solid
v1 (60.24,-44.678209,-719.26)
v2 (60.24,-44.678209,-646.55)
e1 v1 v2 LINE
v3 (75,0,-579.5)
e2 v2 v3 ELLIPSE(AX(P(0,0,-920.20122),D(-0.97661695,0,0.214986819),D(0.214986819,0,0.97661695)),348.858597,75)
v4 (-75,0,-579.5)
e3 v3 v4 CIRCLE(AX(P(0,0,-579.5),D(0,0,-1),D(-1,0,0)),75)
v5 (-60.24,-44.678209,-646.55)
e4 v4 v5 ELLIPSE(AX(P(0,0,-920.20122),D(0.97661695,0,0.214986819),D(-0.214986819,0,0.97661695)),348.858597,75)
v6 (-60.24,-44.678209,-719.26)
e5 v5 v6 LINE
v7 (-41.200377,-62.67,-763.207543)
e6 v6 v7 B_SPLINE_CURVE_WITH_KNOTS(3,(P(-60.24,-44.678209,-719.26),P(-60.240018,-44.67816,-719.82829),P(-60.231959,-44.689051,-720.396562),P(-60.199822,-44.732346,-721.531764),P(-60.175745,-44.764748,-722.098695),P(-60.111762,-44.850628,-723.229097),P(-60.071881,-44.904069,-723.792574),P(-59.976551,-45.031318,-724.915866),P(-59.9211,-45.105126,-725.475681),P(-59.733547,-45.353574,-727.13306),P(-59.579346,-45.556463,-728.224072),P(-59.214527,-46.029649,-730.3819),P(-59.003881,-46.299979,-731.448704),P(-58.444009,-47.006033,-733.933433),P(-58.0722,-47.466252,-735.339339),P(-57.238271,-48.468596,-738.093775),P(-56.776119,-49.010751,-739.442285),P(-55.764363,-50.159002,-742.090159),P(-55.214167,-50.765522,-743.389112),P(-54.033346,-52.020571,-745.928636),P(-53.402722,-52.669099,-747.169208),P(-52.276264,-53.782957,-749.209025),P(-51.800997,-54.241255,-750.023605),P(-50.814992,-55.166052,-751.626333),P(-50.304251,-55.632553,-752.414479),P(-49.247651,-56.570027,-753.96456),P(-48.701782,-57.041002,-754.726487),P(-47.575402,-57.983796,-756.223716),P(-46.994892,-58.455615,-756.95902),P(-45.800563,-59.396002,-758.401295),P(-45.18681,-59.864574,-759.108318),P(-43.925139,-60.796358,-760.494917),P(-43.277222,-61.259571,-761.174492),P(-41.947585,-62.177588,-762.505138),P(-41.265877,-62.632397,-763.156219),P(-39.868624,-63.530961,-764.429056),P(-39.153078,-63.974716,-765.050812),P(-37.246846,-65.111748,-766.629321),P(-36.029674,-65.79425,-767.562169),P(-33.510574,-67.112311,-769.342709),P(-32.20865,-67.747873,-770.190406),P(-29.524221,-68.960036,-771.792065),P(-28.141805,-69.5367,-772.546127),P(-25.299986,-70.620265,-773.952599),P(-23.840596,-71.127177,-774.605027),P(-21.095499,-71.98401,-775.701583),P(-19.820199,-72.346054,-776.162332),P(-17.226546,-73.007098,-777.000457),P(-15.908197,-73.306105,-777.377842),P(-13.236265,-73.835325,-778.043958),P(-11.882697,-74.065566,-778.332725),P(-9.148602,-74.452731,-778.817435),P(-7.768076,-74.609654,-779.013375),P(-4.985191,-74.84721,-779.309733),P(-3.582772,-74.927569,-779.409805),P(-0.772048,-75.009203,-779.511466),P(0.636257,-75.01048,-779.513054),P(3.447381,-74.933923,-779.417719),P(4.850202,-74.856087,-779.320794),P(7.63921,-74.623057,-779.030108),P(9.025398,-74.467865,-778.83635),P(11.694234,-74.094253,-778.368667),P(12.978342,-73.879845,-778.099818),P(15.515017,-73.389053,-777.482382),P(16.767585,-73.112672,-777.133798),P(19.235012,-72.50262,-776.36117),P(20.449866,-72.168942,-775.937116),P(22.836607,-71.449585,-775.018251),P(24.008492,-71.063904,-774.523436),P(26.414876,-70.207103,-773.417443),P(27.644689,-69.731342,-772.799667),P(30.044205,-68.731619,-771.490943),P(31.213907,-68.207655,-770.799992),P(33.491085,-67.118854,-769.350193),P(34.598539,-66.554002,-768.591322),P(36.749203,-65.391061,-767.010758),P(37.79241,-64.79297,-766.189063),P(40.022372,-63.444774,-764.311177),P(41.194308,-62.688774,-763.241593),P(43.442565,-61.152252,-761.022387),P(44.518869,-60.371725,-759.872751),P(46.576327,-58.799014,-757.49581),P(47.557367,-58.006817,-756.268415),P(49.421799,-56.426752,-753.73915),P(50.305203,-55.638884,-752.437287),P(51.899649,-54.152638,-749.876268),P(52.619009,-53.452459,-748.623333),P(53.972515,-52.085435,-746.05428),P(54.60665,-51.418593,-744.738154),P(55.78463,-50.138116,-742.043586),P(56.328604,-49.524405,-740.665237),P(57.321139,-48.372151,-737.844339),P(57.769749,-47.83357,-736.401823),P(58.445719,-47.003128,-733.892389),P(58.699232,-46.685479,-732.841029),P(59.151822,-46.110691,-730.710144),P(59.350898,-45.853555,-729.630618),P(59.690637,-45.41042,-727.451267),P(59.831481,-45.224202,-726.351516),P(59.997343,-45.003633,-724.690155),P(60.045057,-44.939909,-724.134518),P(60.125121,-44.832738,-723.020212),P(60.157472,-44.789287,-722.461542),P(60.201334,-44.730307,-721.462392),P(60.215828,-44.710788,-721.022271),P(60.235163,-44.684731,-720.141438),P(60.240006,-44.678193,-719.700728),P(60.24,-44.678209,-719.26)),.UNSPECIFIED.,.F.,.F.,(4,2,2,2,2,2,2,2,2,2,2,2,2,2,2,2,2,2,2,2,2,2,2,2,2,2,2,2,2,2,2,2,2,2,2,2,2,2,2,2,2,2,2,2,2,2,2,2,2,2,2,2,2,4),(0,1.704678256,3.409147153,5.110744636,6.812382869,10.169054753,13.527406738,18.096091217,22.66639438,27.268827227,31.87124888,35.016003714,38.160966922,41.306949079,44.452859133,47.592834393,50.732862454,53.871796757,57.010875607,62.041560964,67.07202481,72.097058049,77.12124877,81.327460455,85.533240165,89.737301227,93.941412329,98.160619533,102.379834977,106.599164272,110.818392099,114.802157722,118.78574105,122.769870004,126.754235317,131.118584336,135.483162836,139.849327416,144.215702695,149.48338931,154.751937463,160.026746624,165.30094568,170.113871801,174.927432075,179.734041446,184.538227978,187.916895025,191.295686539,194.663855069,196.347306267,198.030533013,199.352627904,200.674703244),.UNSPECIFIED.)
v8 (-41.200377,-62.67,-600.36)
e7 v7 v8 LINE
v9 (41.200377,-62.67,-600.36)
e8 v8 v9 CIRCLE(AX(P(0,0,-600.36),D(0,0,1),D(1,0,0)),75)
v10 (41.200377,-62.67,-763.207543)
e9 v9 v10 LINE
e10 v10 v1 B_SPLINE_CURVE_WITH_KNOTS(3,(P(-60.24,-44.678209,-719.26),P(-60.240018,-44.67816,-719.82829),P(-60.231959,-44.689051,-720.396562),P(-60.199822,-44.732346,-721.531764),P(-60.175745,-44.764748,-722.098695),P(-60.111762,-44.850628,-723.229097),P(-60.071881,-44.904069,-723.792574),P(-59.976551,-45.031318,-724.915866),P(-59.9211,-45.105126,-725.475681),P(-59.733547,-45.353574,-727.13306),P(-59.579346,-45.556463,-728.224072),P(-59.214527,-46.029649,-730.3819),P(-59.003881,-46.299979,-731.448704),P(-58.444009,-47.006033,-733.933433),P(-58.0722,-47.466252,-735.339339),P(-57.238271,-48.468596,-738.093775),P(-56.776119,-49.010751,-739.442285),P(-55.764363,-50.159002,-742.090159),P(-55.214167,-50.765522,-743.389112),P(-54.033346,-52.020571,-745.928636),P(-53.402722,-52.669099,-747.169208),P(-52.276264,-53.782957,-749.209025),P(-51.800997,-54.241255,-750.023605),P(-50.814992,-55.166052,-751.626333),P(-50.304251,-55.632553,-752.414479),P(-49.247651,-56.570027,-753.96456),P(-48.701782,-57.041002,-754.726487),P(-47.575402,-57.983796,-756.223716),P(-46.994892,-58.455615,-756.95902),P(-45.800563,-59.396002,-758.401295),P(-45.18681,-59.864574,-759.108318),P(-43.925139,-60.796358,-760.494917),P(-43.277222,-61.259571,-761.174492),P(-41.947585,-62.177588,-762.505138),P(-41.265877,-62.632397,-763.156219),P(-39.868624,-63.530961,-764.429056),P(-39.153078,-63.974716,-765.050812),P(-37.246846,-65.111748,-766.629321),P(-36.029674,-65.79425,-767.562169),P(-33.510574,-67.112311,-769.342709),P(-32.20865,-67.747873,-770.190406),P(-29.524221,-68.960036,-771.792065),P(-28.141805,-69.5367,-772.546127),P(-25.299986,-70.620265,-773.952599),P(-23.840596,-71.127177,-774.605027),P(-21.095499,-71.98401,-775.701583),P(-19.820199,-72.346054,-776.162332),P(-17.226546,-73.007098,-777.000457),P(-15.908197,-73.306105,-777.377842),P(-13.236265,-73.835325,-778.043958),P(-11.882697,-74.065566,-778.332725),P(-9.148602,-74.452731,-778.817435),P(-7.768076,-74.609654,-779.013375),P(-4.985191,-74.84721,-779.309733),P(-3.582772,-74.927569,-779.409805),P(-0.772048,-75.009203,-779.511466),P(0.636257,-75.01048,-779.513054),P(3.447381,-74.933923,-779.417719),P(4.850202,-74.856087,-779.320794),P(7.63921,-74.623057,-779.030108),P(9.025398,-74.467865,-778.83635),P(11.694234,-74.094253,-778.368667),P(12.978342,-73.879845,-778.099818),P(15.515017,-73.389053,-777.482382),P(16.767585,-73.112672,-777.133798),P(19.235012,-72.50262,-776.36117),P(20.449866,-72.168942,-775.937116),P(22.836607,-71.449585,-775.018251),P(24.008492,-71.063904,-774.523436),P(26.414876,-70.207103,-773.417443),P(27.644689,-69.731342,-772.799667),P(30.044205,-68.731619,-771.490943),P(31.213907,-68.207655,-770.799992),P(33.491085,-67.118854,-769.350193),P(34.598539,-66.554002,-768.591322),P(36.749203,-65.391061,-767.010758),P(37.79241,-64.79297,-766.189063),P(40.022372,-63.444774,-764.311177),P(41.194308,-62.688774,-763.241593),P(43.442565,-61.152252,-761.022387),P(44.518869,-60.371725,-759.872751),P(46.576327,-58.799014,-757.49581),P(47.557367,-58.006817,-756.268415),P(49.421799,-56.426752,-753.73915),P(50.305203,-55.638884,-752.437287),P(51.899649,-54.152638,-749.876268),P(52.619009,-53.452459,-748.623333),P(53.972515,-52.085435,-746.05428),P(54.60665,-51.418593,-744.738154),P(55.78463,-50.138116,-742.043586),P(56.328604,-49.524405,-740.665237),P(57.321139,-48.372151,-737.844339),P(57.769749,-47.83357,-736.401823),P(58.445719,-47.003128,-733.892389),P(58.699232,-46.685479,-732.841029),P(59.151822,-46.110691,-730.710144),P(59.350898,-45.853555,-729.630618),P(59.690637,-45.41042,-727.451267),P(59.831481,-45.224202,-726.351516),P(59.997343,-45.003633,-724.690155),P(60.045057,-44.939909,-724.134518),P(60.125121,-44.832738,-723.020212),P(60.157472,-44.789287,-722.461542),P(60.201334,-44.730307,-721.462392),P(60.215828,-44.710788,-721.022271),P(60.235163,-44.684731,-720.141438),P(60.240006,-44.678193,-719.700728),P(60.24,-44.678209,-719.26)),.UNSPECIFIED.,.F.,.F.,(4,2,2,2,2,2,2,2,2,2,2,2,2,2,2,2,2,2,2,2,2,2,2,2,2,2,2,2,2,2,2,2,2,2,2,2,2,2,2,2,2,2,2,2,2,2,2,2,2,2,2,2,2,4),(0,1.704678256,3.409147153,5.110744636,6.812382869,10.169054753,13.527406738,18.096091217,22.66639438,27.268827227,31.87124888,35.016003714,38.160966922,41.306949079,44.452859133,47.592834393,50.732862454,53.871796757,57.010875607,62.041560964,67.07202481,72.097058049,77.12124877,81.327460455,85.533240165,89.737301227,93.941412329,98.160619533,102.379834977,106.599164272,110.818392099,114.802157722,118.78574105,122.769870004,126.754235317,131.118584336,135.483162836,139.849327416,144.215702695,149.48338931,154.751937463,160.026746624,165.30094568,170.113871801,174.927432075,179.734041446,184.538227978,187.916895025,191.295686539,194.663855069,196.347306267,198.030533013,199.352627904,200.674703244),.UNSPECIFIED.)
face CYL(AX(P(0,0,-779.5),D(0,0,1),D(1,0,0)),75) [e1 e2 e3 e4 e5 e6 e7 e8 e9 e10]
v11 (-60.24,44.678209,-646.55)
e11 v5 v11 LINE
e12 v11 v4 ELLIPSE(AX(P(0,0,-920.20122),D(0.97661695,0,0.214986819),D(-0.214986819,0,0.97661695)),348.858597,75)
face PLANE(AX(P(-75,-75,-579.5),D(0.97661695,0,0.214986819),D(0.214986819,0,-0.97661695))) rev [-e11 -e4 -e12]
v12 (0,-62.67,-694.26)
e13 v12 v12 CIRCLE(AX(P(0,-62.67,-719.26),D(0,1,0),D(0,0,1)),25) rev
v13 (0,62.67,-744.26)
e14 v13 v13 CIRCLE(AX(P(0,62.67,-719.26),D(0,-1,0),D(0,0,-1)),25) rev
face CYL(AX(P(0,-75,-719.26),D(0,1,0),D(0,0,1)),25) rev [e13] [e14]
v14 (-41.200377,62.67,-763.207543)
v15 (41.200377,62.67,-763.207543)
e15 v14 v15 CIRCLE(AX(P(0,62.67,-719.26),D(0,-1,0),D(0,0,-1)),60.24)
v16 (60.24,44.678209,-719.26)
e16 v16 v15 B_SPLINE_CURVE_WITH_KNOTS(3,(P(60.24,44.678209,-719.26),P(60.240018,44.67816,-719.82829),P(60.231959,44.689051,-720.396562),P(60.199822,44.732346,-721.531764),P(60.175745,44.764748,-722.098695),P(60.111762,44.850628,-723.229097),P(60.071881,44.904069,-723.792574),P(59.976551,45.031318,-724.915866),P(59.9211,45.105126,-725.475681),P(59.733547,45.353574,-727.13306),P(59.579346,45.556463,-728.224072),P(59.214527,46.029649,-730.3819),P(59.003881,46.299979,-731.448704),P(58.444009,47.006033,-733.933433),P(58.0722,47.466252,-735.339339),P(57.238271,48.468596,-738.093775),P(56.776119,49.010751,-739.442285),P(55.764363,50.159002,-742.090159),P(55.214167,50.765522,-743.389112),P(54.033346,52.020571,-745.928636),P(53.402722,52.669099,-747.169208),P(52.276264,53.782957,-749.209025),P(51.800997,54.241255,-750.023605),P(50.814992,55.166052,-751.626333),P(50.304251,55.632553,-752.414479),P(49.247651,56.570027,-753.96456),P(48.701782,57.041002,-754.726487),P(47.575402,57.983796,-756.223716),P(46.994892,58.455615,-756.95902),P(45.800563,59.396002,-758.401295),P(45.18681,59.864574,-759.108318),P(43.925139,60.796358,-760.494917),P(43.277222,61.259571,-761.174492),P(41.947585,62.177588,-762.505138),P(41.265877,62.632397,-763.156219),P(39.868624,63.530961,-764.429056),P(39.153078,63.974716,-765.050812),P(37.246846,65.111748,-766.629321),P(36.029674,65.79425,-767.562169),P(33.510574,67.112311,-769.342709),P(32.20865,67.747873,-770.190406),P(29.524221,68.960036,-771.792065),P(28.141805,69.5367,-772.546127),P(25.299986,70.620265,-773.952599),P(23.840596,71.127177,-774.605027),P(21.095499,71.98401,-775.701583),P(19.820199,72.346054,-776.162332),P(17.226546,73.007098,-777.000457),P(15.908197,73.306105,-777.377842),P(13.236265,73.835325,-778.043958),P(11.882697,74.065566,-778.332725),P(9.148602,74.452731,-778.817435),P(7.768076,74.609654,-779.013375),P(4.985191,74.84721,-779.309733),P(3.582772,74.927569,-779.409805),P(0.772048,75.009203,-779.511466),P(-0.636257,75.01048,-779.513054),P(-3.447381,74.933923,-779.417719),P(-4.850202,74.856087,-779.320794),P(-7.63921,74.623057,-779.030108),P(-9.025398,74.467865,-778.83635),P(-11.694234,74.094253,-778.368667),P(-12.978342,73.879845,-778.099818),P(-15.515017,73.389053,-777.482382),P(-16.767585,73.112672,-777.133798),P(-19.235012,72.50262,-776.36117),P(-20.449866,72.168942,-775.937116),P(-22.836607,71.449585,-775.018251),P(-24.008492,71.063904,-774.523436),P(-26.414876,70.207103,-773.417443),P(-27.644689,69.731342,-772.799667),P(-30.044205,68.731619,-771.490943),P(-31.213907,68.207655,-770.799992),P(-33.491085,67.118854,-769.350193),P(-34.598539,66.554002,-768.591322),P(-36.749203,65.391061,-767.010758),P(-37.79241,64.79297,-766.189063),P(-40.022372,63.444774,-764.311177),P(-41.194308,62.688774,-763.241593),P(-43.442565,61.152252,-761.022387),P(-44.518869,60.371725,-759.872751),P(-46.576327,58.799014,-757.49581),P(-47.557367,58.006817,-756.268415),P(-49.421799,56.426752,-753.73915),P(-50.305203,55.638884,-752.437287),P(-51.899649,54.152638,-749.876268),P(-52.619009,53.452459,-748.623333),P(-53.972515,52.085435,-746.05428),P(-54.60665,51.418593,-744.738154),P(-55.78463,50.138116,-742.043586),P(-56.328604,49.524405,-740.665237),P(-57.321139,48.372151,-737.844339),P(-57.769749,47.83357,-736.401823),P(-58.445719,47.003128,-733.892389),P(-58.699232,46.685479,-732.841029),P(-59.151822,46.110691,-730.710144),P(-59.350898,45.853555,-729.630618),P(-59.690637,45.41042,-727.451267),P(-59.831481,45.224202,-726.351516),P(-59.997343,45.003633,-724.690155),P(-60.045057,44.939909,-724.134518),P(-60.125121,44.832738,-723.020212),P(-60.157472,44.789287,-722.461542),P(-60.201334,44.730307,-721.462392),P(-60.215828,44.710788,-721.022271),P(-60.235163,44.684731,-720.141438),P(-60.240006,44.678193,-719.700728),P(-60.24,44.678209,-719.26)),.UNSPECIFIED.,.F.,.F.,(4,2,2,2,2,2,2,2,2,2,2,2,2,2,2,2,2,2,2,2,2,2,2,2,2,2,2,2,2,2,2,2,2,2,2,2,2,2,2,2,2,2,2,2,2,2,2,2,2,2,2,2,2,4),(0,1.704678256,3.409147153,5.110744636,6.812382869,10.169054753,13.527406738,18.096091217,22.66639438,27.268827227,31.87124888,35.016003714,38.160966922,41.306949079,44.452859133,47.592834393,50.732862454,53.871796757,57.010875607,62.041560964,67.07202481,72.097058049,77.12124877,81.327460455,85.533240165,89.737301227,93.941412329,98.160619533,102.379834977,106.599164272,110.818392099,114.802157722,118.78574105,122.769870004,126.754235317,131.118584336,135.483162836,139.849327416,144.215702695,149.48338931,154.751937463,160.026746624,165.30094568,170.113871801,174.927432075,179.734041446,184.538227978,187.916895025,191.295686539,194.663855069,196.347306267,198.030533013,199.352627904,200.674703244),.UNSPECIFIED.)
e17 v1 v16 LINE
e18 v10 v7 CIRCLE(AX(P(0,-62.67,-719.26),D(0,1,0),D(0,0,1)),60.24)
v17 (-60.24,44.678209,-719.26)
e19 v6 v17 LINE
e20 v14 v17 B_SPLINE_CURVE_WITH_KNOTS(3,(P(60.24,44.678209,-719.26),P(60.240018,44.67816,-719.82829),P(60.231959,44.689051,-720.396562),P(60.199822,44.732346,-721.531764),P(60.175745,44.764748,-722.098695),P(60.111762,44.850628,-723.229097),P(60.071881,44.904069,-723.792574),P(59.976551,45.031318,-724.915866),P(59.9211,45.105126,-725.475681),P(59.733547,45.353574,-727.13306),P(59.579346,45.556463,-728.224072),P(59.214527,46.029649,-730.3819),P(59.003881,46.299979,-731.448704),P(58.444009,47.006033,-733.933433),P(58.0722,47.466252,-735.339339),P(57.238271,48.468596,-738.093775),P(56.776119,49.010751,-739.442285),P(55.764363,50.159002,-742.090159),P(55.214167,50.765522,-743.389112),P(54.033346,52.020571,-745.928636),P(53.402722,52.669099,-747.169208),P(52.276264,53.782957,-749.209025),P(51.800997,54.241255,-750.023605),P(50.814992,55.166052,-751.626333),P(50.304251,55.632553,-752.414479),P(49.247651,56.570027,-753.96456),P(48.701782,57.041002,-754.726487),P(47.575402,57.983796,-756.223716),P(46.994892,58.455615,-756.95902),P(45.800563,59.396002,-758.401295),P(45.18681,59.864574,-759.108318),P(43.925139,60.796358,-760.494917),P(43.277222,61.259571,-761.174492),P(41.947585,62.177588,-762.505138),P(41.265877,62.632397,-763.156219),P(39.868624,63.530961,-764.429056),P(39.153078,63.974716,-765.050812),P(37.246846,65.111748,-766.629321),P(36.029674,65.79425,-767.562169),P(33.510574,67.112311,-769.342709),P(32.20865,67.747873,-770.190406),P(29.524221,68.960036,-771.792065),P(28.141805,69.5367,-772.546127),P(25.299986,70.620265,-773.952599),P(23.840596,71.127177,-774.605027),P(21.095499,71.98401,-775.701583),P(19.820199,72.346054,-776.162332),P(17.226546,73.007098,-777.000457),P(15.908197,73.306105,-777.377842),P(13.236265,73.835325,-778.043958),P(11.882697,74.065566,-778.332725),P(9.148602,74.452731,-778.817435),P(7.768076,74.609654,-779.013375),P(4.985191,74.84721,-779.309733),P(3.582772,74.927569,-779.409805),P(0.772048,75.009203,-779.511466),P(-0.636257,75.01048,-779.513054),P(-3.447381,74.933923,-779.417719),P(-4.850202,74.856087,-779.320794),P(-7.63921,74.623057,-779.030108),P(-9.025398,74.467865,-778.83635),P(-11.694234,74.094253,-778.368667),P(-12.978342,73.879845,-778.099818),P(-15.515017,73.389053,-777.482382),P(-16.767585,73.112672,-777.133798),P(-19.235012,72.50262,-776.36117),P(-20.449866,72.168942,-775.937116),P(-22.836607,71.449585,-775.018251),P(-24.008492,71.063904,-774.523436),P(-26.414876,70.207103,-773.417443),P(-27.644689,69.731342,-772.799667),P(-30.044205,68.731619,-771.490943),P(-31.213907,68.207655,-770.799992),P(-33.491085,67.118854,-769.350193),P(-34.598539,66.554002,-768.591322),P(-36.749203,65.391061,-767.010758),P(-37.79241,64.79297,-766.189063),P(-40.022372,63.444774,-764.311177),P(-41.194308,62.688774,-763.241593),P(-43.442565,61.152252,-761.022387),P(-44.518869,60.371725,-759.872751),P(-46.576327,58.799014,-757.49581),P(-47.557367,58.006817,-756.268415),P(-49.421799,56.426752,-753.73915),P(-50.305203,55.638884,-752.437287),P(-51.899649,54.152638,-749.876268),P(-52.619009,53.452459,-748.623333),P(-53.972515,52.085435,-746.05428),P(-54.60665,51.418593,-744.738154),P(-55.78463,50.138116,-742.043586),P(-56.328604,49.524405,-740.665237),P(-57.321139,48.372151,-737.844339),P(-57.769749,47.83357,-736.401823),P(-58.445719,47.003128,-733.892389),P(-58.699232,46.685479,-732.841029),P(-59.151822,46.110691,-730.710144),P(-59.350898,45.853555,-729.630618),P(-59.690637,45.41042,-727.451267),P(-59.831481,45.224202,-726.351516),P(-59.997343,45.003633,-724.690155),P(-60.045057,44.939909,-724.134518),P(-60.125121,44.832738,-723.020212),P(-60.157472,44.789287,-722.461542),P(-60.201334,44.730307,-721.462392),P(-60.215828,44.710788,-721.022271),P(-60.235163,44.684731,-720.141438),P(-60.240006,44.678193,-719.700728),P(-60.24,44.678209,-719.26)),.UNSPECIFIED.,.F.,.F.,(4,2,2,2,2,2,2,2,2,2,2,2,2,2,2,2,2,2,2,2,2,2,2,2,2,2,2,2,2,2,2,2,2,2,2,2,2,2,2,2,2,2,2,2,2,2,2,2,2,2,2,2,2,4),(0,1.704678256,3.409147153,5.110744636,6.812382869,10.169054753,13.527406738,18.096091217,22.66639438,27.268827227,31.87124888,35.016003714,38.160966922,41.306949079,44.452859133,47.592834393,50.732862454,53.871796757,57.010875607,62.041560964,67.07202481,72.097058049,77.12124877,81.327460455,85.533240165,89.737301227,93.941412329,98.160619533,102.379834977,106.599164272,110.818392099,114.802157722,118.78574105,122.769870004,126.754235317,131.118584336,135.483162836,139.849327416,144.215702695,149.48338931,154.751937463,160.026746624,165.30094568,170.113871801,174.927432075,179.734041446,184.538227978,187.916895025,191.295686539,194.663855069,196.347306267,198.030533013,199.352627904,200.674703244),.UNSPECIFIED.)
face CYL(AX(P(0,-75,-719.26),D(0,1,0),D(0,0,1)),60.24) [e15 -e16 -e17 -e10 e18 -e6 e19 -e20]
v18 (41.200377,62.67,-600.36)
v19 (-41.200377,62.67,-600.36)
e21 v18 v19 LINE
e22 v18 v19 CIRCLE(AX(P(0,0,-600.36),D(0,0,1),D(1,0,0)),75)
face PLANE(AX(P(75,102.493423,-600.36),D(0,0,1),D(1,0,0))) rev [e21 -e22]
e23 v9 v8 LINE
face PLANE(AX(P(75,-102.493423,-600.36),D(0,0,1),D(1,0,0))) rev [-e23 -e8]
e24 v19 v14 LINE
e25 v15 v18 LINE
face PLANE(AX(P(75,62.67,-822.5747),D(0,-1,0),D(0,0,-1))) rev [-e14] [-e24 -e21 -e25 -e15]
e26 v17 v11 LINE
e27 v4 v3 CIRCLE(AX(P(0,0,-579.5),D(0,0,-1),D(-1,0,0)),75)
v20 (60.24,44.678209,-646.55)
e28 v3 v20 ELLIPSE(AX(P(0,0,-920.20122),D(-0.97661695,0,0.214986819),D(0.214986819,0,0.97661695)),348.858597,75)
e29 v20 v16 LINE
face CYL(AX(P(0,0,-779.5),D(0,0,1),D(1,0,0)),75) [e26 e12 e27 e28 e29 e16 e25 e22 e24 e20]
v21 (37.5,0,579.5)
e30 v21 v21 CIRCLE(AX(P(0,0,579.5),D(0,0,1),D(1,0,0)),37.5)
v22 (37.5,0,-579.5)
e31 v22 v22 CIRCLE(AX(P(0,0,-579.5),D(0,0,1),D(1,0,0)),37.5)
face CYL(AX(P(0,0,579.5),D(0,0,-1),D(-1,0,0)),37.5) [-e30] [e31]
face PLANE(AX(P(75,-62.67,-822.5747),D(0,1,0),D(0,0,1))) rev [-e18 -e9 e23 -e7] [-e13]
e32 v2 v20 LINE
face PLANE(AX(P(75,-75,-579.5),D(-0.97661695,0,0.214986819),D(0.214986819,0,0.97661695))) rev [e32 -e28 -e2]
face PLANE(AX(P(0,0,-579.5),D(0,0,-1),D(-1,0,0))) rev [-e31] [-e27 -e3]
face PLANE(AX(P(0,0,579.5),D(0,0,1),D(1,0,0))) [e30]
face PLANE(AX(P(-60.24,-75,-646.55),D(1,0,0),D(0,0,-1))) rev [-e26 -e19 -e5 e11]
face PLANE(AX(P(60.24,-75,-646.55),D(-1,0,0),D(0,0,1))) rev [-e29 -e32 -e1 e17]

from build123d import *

# Parameters (mm, degrees)
SKETCH1_R               = 37.5
BOSS_EXTRUDE1_DEPTH     = 579.5
SKETCH2_R               = 75
BOSS_EXTRUDE2_DEPTH     = 200
CUT_EXTRUDE1_DEPTH      = 787.683068332
CUT_EXTRUDE1_DEPTH_BACK = 787.683068332
SKETCH3_R               = 25
CUT_EXTRUDE2_DEPTH      = 795.691831969
CUT_EXTRUDE2_DEPTH_BACK = 795.691831969
SKETCH5_W               = 222.214700053
SKETCH5_H               = 39.823422949


with BuildPart() as part:
    # Sketch1 → Boss-Extrude1 (new, symmetric)
    with BuildSketch(Plane.XY):
        Circle(SKETCH1_R)
    extrude(amount=BOSS_EXTRUDE1_DEPTH, both=True)

    # Sketch2 → Boss-Extrude2 (add)
    with BuildSketch(Plane(origin=(0, 0, -579.5), x_dir=(-1, 0, 0), z_dir=(0, 0, -1))):
        Circle(SKETCH2_R)
    extrude(amount=BOSS_EXTRUDE2_DEPTH)

    # Sketch3 → Cut-Extrude1 (cut, two sides: drawn at the far end of the back side and taken through both)
    with BuildSketch(Plane(origin=(0, 0, 0), x_dir=(1, 0, 0), z_dir=(0, 1, 0)).offset(-CUT_EXTRUDE1_DEPTH_BACK)):
        with Locations(Location((0, 719.26, 0), (0, 0, 270))):
            Circle(SKETCH3_R)
        with BuildLine():
            Line((75, 579.5), (60.24, 646.55))
            Line((60.24, 646.55), (60.24, 719.26))
            ThreePointArc((60.24, 719.26), (0, 779.5), (-60.24, 719.26))
            Line((-60.24, 719.26), (-60.24, 646.55))
            Line((-60.24, 646.55), (-75, 579.5))
            Line((-75, 579.5), (-116.955269632, 579.5))
            Line((-116.955269632, 579.5), (-116.955269632, 829.791162558))
            Line((-116.955269632, 829.791162558), (115.893588729, 829.791162558))
            Line((115.893588729, 829.791162558), (115.893588729, 579.5))
            Line((115.893588729, 579.5), (75, 579.5))
        make_face()
    extrude(amount=CUT_EXTRUDE1_DEPTH + CUT_EXTRUDE1_DEPTH_BACK, mode=Mode.SUBTRACT)

    # Sketch5 → Cut-Extrude2 (cut, two sides: drawn at the far end of the back side and taken through both)
    with BuildSketch(Plane.ZY.offset(60.24).offset(-CUT_EXTRUDE2_DEPTH_BACK)):
        with Locations((-711.467350027, 82.581711474)):
            Rectangle(SKETCH5_W, SKETCH5_H)
        with Locations((-711.467350027, -82.581711474)):
            Rectangle(SKETCH5_W, SKETCH5_H)
    extrude(amount=CUT_EXTRUDE2_DEPTH + CUT_EXTRUDE2_DEPTH_BACK, mode=Mode.SUBTRACT)


solid = part.part
